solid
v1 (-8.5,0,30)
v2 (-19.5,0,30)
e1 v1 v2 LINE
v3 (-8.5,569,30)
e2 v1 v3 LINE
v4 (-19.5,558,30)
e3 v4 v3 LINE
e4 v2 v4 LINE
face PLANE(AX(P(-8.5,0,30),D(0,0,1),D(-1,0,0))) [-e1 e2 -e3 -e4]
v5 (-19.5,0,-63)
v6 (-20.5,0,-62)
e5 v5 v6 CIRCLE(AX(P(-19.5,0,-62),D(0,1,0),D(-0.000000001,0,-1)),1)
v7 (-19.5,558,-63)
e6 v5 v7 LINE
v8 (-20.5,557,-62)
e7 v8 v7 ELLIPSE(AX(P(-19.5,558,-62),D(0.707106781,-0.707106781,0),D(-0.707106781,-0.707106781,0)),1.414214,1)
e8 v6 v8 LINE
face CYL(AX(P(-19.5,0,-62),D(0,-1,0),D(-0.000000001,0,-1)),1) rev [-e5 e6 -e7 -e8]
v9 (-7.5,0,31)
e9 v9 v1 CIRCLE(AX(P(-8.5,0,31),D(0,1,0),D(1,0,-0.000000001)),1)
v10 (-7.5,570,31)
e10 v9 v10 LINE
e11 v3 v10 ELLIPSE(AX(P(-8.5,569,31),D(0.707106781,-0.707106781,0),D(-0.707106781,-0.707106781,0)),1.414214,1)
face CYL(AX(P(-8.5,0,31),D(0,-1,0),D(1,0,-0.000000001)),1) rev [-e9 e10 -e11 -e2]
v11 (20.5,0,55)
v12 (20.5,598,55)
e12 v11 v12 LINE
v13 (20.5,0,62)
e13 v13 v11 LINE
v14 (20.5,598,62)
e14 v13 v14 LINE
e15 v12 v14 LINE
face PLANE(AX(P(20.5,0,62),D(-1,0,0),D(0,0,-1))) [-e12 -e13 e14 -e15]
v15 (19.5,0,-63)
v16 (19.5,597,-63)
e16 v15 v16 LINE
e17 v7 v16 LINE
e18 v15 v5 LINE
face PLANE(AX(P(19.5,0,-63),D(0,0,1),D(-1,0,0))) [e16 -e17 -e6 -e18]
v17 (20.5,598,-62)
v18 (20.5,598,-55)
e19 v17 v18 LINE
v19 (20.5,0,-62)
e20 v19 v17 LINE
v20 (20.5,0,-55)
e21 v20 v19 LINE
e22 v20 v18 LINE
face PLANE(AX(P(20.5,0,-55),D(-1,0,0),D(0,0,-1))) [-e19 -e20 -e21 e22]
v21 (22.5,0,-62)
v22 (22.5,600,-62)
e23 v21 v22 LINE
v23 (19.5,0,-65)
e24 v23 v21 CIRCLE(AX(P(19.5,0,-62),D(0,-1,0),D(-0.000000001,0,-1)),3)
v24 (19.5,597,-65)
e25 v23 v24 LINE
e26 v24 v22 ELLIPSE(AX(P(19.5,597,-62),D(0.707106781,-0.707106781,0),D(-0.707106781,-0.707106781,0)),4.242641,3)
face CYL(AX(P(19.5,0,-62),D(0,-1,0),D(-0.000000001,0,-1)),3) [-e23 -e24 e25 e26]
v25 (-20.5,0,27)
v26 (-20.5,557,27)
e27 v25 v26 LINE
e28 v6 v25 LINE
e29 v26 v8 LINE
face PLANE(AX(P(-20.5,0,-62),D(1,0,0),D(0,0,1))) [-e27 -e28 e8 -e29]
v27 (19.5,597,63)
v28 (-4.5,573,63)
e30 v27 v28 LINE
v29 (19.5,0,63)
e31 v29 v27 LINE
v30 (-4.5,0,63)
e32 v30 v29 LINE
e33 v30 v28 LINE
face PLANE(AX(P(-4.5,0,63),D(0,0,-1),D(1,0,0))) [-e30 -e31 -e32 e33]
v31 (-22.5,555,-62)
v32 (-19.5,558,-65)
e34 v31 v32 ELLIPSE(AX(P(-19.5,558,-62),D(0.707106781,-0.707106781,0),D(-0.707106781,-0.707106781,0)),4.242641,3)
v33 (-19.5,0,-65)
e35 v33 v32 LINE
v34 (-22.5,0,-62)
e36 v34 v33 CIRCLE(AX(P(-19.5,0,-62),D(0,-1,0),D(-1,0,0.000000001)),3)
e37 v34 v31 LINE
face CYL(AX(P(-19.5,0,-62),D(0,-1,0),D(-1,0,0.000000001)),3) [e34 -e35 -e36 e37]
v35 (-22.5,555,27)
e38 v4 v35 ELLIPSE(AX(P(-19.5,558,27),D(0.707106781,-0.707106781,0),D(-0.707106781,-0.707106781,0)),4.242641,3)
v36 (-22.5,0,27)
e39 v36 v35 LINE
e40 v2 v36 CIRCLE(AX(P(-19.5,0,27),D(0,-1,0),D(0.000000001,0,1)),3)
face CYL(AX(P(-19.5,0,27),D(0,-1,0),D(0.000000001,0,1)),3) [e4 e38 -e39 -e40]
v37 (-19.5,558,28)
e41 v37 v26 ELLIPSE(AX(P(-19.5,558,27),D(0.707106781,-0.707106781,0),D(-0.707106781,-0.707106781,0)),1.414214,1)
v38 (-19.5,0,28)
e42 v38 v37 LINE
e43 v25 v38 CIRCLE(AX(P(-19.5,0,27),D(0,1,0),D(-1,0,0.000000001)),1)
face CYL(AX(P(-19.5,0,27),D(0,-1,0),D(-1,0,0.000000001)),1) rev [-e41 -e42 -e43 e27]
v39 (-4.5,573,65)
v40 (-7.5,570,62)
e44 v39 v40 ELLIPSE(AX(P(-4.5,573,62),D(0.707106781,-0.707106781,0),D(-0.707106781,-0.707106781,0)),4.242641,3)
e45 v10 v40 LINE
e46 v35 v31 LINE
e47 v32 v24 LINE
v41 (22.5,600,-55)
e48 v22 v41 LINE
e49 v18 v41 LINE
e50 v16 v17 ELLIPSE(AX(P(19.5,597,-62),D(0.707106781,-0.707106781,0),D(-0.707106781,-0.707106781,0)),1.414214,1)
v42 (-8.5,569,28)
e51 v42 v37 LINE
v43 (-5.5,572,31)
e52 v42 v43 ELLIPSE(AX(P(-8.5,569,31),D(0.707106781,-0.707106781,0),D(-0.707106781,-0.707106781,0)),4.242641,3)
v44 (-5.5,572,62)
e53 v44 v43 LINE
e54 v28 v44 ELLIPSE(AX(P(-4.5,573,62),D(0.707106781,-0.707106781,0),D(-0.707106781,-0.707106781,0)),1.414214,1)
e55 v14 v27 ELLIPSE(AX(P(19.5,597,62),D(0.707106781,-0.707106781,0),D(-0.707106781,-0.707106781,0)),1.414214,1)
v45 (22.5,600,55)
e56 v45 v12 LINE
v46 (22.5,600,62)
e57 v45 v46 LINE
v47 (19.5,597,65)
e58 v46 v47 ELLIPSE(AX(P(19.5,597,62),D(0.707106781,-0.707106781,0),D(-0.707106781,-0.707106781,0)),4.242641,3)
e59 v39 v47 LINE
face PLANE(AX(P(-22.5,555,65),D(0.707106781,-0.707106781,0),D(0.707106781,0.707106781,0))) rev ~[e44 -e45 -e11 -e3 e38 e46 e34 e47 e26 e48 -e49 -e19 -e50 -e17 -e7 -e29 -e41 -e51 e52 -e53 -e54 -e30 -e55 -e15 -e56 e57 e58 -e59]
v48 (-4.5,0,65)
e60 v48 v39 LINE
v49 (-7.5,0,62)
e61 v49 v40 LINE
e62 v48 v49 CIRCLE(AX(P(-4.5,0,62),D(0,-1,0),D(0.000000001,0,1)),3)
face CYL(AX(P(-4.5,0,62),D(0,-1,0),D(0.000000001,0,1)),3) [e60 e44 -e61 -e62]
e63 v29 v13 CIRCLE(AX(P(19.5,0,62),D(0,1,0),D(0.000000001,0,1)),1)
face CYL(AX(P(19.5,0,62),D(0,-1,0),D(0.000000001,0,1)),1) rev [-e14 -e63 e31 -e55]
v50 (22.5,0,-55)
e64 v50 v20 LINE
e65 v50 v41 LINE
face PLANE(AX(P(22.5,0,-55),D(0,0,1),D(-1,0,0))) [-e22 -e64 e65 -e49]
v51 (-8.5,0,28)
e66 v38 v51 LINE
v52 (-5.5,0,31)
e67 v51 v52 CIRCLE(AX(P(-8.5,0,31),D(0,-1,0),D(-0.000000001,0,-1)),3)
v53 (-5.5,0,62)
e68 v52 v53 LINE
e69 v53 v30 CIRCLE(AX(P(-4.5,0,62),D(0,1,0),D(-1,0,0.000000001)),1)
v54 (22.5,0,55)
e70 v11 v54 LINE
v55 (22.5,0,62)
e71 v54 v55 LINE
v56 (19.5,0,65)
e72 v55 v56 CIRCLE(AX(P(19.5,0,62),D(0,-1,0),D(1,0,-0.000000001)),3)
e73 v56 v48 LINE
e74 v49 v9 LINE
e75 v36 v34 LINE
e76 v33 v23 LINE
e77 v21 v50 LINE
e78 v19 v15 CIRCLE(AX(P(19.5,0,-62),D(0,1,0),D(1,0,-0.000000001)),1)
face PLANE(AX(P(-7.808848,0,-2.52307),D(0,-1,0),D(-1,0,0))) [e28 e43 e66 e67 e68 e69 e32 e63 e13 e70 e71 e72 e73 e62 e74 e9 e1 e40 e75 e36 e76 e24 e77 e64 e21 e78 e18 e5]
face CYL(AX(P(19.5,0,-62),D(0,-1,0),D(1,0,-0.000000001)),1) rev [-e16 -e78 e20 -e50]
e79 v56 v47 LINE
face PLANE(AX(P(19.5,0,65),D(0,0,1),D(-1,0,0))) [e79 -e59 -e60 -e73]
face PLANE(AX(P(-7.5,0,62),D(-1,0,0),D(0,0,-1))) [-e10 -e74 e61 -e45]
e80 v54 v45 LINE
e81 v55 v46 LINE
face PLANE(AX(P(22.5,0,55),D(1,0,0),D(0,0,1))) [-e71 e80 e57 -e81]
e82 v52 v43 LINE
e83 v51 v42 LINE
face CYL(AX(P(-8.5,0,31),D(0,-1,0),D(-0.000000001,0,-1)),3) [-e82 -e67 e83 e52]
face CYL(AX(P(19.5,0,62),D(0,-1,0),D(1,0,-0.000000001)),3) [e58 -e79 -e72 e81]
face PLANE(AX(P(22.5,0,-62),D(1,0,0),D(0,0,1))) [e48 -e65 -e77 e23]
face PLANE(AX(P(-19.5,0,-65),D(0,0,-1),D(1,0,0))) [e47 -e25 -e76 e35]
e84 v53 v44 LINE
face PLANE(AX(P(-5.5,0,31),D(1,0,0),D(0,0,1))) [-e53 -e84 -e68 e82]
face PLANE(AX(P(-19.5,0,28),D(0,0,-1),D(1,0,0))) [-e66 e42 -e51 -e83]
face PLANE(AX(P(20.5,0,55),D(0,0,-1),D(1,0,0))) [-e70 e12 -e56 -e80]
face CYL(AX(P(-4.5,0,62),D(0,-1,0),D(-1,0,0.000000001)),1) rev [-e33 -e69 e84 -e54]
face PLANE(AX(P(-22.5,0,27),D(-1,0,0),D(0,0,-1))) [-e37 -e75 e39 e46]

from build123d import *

# Parameters (mm, degrees)
VYSUNOUT_TENKOST_NN_1_DEPTH = 600
ODEBRAT_VYSUNUT_M1_DEPTH    = 130


with BuildPart() as part:
    # Skica1 → Vysunout tenkostěnný1 (new body)
    with BuildSketch(Plane(origin=(0, 0, 0), x_dir=(1, 0, 0), z_dir=(0, 1, 0))):
        with BuildLine():
            Line((22.5, -55), (22.5, -62))
            ThreePointArc((22.5, -62), (21.621320344, -64.121320344), (19.5, -65))
            Line((19.5, -65), (-4.5, -65))
            ThreePointArc((-4.5, -65), (-6.621320344, -64.121320344), (-7.5, -62))
            Line((-7.5, -62), (-7.5, -31))
            ThreePointArc((-7.5, -31), (-7.792893219, -30.292893219), (-8.5, -30))
            Line((-8.5, -30), (-19.5, -30))
            ThreePointArc((-19.5, -30), (-21.621320344, -29.121320344), (-22.5, -27))
            Line((-22.5, -27), (-22.5, 62))
            ThreePointArc((-22.5, 62), (-21.621320344, 64.121320344), (-19.5, 65))
            Line((-19.5, 65), (19.5, 65))
            ThreePointArc((19.5, 65), (21.621320344, 64.121320344), (22.5, 62))
            Line((22.5, 62), (22.5, 55))
            Line((22.5, 55), (20.5, 55))
            Line((20.5, 55), (20.5, 62))
            ThreePointArc((20.5, 62), (20.207106781, 62.707106781), (19.5, 63))
            Line((19.5, 63), (-19.5, 63))
            ThreePointArc((-19.5, 63), (-20.207106781, 62.707106781), (-20.5, 62))
            Line((-20.5, 62), (-20.5, -27))
            ThreePointArc((-20.5, -27), (-20.207106781, -27.707106781), (-19.5, -28))
            Line((-19.5, -28), (-8.5, -28))
            ThreePointArc((-8.5, -28), (-6.378679656, -28.878679656), (-5.5, -31))
            Line((-5.5, -31), (-5.5, -62))
            ThreePointArc((-5.5, -62), (-5.207106781, -62.707106781), (-4.5, -63))
            Line((-4.5, -63), (19.5, -63))
            ThreePointArc((19.5, -63), (20.207106781, -62.707106781), (20.5, -62))
            Line((20.5, -62), (20.5, -55))
            Line((20.5, -55), (22.5, -55))
        make_face()
    extrude(amount=VYSUNOUT_TENKOST_NN_1_DEPTH)

    # Skica2 → Odebrat vysunutím1 (cut)
    with BuildSketch(Plane.XY.offset(65)):
        Polygon((22.5, 600), (-22.5, 600), (-22.5, 555), align=None)
    extrude(amount=-ODEBRAT_VYSUNUT_M1_DEPTH, mode=Mode.SUBTRACT)


solid = part.part
